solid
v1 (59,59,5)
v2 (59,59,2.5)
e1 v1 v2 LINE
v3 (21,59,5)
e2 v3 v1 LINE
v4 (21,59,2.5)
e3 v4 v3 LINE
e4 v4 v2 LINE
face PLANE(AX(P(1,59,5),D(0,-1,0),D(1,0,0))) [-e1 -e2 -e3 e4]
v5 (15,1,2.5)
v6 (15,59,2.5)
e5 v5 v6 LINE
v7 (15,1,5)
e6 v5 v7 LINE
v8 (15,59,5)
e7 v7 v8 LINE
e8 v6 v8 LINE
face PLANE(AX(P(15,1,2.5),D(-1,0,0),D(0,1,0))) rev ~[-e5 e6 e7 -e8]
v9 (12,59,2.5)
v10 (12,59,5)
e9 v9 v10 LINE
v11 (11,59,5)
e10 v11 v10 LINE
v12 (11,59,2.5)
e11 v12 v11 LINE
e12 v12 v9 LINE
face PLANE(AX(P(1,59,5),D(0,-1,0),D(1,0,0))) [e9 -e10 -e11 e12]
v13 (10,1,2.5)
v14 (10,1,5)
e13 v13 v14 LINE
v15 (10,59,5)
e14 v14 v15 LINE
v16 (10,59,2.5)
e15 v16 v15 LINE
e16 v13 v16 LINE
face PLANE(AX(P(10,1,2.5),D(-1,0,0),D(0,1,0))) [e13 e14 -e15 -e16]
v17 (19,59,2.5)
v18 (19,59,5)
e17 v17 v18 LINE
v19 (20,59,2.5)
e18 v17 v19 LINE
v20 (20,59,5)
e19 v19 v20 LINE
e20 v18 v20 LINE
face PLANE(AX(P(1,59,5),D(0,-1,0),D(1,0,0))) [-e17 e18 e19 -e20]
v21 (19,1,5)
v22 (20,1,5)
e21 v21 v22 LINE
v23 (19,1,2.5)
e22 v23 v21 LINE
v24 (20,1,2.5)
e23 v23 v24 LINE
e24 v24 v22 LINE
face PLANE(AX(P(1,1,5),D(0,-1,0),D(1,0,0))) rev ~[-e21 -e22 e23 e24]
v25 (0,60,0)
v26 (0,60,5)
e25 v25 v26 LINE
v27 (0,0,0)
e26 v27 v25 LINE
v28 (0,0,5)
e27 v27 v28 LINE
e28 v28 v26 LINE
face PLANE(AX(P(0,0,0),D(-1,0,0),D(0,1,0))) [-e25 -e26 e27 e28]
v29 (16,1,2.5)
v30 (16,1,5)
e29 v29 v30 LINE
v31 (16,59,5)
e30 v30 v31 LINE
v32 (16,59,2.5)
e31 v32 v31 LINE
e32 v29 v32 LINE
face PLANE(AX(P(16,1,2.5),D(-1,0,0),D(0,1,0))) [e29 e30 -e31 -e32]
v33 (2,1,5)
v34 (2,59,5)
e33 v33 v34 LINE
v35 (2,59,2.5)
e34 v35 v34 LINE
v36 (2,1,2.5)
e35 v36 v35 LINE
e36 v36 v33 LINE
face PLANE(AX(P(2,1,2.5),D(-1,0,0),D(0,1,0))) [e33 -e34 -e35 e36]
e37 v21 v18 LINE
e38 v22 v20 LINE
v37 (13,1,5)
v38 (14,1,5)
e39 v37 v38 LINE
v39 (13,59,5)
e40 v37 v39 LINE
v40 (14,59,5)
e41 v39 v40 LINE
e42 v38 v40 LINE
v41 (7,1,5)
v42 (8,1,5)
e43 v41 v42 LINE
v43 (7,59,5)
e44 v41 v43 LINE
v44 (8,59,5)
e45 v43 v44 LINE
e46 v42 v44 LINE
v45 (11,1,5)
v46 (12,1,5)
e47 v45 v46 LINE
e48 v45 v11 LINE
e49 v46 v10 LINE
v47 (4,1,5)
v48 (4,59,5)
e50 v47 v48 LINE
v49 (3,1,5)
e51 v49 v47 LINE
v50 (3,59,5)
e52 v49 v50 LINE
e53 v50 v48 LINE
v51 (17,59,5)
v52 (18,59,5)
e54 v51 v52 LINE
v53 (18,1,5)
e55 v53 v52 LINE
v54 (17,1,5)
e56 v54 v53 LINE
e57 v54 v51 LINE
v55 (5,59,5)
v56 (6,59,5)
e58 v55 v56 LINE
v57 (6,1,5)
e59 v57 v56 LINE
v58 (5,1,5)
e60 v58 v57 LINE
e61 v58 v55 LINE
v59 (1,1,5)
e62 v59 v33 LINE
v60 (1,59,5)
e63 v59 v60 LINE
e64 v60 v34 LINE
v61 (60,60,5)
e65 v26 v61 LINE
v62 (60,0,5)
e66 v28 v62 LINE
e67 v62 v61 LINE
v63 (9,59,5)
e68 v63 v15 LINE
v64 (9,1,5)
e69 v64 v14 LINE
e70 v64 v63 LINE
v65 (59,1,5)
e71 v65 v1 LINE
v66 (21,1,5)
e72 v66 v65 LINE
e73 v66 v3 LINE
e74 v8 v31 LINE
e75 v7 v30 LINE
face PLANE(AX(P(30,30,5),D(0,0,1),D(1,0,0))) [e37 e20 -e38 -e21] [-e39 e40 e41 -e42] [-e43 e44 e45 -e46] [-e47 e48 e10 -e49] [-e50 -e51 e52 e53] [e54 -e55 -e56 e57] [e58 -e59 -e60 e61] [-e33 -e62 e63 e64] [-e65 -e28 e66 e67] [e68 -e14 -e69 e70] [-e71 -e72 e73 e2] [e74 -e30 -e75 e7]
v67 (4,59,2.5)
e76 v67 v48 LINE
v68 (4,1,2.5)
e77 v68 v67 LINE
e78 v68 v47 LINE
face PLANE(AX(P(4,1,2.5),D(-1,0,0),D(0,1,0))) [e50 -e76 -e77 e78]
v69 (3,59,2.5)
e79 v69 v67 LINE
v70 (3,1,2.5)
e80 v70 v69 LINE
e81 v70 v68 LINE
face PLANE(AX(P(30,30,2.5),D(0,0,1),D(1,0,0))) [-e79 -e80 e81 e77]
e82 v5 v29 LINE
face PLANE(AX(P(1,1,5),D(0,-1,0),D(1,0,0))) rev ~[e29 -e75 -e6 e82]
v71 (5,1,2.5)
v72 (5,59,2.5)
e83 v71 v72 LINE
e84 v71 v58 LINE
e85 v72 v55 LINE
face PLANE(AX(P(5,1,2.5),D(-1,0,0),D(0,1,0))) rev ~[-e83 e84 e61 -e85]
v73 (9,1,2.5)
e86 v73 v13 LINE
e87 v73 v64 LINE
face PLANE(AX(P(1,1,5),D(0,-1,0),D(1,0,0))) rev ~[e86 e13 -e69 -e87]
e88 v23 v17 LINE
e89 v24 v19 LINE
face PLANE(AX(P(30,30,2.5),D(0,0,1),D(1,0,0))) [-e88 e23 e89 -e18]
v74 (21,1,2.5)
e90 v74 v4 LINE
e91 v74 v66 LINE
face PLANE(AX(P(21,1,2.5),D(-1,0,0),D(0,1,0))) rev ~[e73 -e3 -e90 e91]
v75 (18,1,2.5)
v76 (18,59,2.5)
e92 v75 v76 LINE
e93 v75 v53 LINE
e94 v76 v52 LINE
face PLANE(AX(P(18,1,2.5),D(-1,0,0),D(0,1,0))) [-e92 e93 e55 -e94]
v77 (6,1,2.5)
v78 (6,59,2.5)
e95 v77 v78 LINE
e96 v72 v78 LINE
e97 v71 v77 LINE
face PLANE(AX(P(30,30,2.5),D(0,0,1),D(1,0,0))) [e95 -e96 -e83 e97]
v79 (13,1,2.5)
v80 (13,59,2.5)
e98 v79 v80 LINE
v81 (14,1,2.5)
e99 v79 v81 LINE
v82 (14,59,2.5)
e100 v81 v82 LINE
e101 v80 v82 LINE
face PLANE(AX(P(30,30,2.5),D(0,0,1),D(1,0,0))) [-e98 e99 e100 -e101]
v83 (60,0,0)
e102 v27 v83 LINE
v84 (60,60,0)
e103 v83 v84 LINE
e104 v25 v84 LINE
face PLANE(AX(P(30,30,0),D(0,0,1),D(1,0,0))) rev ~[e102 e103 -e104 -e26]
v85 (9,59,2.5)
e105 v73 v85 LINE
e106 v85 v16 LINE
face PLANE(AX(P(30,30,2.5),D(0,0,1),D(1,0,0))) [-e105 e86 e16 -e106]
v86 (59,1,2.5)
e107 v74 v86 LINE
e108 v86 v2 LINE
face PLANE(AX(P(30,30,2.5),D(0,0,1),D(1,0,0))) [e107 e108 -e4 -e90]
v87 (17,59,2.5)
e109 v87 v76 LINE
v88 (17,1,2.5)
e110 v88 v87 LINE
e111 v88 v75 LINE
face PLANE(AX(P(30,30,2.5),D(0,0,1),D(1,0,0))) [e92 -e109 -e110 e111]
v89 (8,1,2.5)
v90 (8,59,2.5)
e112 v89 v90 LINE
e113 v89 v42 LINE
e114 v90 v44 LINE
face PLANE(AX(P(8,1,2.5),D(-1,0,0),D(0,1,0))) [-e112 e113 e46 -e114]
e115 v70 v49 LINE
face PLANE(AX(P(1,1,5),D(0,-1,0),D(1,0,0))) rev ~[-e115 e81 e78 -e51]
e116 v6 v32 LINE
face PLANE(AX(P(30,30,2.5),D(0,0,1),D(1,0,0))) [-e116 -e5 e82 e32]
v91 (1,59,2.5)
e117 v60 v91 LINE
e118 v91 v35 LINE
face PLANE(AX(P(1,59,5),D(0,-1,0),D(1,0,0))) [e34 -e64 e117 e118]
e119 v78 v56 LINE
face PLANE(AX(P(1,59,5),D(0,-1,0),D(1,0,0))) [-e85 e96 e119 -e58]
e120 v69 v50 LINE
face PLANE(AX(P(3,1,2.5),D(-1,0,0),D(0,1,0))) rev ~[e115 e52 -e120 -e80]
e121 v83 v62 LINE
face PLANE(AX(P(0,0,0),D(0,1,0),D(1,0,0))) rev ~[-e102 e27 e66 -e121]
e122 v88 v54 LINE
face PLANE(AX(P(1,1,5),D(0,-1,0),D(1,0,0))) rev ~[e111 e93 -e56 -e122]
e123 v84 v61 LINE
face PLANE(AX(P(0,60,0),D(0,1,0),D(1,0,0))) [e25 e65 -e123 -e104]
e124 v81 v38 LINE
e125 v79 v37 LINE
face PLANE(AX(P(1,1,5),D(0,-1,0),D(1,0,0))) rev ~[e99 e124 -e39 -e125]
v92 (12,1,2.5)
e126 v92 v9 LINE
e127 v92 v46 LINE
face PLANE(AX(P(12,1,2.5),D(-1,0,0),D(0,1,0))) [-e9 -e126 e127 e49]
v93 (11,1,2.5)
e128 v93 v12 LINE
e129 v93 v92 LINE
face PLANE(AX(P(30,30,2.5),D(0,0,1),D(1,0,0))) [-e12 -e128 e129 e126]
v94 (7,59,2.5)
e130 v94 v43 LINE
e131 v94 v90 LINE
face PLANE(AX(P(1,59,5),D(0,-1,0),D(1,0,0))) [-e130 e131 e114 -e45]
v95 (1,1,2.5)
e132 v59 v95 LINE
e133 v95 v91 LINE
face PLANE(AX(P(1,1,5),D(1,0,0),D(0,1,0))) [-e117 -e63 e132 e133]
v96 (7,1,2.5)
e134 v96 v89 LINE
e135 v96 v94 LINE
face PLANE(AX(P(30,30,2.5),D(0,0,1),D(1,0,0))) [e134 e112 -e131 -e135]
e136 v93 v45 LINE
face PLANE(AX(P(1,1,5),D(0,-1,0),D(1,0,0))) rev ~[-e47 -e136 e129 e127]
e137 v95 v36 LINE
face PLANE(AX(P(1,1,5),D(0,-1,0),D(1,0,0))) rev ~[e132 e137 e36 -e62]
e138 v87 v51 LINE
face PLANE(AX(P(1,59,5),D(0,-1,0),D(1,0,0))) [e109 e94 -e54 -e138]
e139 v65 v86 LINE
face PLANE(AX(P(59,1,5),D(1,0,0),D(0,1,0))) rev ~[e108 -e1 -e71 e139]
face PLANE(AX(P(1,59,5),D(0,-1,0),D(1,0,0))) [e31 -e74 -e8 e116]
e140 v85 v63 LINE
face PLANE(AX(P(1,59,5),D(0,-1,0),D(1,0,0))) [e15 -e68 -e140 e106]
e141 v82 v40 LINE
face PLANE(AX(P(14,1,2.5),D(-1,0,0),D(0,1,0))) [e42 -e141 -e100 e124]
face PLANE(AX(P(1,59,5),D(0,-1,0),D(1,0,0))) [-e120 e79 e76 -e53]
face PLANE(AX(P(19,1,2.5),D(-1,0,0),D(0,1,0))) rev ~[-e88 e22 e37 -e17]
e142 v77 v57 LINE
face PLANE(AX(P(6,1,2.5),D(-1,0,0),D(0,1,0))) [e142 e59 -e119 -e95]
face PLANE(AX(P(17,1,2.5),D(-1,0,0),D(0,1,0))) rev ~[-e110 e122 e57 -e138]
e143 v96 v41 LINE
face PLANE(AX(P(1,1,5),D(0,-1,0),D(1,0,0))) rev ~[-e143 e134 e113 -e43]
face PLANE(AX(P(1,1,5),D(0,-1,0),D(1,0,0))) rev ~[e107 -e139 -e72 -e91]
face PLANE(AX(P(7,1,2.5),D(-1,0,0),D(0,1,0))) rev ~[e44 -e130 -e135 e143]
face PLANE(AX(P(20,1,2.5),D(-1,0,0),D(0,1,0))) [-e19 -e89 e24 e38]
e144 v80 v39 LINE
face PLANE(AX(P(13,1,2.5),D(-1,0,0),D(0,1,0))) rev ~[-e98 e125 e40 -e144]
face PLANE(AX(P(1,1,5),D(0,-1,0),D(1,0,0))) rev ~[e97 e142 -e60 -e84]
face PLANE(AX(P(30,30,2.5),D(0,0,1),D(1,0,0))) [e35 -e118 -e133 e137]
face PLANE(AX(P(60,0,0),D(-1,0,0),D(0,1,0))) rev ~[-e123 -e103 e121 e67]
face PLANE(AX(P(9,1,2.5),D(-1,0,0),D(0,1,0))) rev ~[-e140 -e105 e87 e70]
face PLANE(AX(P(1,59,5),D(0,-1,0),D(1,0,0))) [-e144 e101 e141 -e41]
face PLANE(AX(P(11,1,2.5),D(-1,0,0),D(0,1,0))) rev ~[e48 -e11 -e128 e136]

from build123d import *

# Parameters (mm, degrees)
F0_W     = 60
F0_H     = 60
F1_DEPTH = 5
F2_W     = 58
F2_H     = 58
F3_DEPTH = 2.5
F4_W     = 1
F4_H     = 58
F5_DEPTH = 2.5


with BuildPart() as f1:
    # F0 (on Top) → F1 (new body)
    with BuildSketch(Plane.XY):
        with Locations((30, 30)):
            Rectangle(F0_W, F0_H)
    extrude(amount=F1_DEPTH)

    # F2 (on face) → F3 (cut)
    with BuildSketch(Plane.XY.offset(5)):
        with Locations((30, 30)):
            Rectangle(F2_W, F2_H)
    extrude(amount=-F3_DEPTH, mode=Mode.SUBTRACT)

    # F4 (on face) → F5 (join)
    with BuildSketch(Plane.XY.offset(2.5)):
        with Locations((2.5, 30)):
            Rectangle(F4_W, F4_H)
        with Locations((4.5, 30)):
            Rectangle(F4_W, F4_H)
        with Locations((6.5, 30)):
            Rectangle(F4_W, F4_H)
        with Locations((8.5, 30)):
            Rectangle(F4_W, F4_H)
        with Locations((10.5, 30)):
            Rectangle(F4_W, F4_H)
        with Locations((12.5, 30)):
            Rectangle(F4_W, F4_H)
        with Locations((14.5, 30)):
            Rectangle(F4_W, F4_H)
        with Locations((16.5, 30)):
            Rectangle(F4_W, F4_H)
        with Locations((18.5, 30)):
            Rectangle(F4_W, F4_H)
        with Locations((20.5, 30)):
            Rectangle(F4_W, F4_H)
    extrude(amount=F5_DEPTH)


solid = f1.part
